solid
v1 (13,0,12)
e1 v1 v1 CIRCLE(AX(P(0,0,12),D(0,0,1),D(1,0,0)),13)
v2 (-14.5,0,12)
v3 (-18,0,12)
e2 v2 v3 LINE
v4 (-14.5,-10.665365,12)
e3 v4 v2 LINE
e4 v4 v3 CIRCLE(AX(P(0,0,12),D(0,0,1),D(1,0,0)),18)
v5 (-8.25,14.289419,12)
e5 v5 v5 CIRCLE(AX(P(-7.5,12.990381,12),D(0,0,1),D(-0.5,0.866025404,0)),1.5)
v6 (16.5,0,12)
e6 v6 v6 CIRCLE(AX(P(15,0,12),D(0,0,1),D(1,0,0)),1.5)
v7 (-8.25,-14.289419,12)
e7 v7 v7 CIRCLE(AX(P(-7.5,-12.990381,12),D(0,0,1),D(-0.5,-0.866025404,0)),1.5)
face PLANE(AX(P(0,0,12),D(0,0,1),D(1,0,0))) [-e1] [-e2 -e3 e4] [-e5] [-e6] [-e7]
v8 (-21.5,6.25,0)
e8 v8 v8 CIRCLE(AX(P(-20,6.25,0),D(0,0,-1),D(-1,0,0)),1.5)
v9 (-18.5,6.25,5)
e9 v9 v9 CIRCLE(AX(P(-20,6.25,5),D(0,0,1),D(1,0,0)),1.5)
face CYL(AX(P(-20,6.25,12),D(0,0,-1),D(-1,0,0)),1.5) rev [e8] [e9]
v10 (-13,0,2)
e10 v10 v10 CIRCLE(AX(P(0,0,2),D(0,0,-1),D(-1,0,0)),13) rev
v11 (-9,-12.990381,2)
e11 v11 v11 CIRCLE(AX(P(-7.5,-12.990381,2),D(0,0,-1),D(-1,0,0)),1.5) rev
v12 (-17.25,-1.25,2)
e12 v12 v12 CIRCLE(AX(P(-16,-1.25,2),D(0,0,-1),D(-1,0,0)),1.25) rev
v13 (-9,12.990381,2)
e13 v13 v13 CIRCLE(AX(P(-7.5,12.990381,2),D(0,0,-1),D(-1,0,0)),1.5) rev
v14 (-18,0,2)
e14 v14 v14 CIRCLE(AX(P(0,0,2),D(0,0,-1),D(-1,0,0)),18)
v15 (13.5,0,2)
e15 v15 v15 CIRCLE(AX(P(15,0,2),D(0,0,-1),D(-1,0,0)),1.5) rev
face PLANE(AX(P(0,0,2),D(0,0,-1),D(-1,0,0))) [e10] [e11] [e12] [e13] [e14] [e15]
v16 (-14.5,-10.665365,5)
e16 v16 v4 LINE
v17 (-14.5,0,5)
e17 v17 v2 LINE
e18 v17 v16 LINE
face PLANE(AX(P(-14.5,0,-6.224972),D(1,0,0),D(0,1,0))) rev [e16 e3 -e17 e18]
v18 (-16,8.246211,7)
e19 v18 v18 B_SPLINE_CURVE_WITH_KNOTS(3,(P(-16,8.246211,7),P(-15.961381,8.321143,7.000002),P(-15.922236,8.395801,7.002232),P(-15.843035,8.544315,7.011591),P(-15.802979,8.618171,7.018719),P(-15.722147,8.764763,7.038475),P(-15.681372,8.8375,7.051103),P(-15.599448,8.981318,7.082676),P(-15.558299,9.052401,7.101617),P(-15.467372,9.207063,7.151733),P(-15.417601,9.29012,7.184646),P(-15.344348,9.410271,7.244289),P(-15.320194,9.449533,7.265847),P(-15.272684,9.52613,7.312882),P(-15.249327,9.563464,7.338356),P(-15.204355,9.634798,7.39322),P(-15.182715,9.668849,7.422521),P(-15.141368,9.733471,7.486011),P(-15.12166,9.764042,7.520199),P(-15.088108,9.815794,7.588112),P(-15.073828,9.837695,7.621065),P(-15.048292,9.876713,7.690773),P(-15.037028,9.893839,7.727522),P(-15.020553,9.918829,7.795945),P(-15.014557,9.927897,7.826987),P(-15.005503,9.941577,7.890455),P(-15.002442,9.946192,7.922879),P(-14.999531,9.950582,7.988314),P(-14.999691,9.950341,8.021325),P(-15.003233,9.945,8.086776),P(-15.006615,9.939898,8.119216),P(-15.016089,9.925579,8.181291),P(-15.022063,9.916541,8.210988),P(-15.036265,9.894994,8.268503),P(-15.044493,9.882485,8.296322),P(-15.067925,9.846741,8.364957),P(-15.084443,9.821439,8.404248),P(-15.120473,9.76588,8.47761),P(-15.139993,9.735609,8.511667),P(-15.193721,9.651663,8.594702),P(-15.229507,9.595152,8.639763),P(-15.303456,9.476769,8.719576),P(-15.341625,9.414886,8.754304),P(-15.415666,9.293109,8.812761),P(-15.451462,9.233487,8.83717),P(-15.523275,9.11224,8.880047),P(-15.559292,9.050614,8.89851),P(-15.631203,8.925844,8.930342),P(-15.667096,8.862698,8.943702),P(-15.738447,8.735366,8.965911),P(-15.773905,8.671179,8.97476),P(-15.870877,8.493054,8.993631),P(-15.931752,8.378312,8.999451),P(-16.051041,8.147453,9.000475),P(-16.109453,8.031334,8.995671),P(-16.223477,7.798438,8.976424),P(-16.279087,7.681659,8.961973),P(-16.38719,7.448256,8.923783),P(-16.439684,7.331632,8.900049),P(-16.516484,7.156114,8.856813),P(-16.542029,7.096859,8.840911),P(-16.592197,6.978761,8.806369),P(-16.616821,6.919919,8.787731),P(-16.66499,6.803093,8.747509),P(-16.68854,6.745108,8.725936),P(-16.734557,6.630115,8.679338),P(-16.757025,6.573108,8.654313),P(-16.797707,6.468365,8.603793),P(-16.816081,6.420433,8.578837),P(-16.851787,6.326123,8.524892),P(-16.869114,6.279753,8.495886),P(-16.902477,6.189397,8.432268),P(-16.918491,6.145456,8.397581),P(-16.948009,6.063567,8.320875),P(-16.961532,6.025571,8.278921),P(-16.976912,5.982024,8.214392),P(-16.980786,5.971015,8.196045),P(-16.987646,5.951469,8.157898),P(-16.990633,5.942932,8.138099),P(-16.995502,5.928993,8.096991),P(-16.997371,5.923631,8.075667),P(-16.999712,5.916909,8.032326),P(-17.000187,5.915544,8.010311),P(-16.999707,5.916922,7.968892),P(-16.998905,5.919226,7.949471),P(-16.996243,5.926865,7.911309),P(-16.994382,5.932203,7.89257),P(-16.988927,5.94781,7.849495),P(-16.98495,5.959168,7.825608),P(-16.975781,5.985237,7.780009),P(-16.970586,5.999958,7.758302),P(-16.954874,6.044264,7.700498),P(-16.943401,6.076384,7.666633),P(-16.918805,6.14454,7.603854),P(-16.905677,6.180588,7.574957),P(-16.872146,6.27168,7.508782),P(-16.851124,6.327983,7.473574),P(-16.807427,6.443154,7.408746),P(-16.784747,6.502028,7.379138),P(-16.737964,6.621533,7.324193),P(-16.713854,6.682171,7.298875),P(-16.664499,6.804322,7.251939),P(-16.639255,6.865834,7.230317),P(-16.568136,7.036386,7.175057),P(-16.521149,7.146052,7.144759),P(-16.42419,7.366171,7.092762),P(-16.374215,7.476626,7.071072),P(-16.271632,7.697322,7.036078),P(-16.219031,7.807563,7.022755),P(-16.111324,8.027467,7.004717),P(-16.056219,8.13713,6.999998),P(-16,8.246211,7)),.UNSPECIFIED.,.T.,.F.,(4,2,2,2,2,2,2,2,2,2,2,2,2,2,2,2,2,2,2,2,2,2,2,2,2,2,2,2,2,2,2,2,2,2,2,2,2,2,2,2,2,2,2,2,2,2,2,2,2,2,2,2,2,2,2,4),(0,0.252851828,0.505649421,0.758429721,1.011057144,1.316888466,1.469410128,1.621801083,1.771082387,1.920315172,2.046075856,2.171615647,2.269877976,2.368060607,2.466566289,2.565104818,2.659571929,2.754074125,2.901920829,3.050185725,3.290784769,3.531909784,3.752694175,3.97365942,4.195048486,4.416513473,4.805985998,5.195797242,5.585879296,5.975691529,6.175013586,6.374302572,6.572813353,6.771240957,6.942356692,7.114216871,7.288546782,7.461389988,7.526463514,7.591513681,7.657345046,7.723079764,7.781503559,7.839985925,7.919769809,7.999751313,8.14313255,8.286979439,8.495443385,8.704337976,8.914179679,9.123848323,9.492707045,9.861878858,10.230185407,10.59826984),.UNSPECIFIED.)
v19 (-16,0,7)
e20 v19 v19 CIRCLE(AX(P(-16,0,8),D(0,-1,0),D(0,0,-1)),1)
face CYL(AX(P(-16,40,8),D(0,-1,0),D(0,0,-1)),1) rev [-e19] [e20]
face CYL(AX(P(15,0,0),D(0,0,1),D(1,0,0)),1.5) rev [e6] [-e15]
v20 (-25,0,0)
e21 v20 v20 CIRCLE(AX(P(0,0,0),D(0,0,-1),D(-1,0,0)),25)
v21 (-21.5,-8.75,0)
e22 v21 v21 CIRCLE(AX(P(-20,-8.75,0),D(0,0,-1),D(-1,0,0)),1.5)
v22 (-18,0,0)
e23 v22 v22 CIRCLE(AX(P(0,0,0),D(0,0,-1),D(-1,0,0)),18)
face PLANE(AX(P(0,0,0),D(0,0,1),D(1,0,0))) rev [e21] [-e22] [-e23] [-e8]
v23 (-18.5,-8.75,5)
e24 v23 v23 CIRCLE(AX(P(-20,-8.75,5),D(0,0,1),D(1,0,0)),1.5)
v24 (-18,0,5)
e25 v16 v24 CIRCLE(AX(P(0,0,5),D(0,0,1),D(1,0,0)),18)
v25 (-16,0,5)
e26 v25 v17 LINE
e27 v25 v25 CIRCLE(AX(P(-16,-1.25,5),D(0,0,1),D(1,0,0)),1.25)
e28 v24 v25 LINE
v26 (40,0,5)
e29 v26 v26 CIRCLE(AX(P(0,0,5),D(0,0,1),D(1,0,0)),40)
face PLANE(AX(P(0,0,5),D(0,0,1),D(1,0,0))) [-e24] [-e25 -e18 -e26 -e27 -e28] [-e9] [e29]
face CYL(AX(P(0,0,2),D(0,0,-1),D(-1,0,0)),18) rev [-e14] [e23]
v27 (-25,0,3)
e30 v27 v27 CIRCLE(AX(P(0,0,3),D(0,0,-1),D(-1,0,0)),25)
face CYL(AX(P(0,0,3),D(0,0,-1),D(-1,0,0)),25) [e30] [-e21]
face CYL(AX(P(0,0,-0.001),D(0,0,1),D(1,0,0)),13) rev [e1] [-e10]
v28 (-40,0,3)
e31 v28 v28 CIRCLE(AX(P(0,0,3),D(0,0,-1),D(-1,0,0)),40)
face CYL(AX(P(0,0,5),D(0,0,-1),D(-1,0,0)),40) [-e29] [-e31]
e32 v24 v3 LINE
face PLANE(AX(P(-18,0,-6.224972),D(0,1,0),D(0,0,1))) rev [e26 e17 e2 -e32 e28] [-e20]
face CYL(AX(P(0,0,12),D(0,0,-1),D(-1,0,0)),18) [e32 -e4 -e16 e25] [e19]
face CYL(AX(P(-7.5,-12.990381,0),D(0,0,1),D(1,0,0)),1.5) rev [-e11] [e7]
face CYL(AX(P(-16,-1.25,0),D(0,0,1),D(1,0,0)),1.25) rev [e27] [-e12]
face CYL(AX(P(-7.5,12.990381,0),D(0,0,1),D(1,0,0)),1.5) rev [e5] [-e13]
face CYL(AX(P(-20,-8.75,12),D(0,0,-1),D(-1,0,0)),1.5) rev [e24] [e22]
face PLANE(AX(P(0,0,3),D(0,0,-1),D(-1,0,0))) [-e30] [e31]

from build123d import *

# Parameters (mm, degrees)
SKETCH1_R           = 40
BOSS_EXTRUDE1_DEPTH = 5
SKETCH2_R           = 18
BOSS_EXTRUDE2_DEPTH = 7
CUT_EXTRUDE1_REACH  = 59.827
SKETCH3_R           = 13
SKETCH5_W           = 3.5
SKETCH5_H           = 10.665364504
CUT_EXTRUDE3_DEPTH  = 7
SKETCH6_R           = 1.25
CUT_EXTRUDE4_DEPTH  = 58
SKETCH8_R           = 1.5
CUT_EXTRUDE5_DEPTH  = 58.827329179
CIRPATTERN1_COUNT   = 3
SKETCH10_R          = 1.5
CUT_EXTRUDE6_DEPTH  = 58.827329179
SKETCH11_OUTSIDE_W  = 104.754
SKETCH11_OUTSIDE_H  = 104.754
SKETCH11_OUTSIDE_R  = 25
CUT_EXTRUDE8_DEPTH  = 3
SKETCH12_R          = 18
CUT_EXTRUDE9_DEPTH  = 2
SKETCH13_R          = 1
CUT_EXTRUDE10_DEPTH = 58.827329179


with BuildPart() as part:
    # Sketch1 → Boss-Extrude1 (new body)
    with BuildSketch(Plane.XY):
        Circle(SKETCH1_R)
    extrude(amount=BOSS_EXTRUDE1_DEPTH)

    # Sketch2 → Boss-Extrude2 (add)
    with BuildSketch(Plane.XY.offset(5)):
        Circle(SKETCH2_R)
    extrude(amount=BOSS_EXTRUDE2_DEPTH)

    # Sketch3 → Cut-Extrude1 (cut, up to next)
    with BuildSketch(Plane.XY.offset(12), mode=Mode.PRIVATE) as cut_extrude1_sk1:
        Circle(SKETCH3_R)
    cut_extrude1_tool1 = extrude(cut_extrude1_sk1.sketch, amount=-CUT_EXTRUDE1_REACH, mode=Mode.PRIVATE) & part.part
    add(cut_extrude1_tool1.solids().sort_by_distance((0, 0, 12))[0], mode=Mode.SUBTRACT)

    # Sketch5 → Cut-Extrude3 (cut)
    with BuildSketch(Plane.XY.offset(12)):
        with Locations((-16.25, -5.332682252)):
            Rectangle(SKETCH5_W, SKETCH5_H)
    extrude(amount=-CUT_EXTRUDE3_DEPTH, mode=Mode.SUBTRACT)

    # Sketch6 → Cut-Extrude4 (cut, through all)
    with BuildSketch(Plane.XY.offset(5)):
        with Locations((-16, -1.25)):
            Circle(SKETCH6_R)
    extrude(amount=-CUT_EXTRUDE4_DEPTH, mode=Mode.SUBTRACT)

    # Sketch8 → Cut-Extrude5 (cut, through all)
    with BuildSketch(Plane.XY.offset(12)):
        with Locations((15, 0)):
            Circle(SKETCH8_R)
    cut_extrude5 = extrude(amount=-CUT_EXTRUDE5_DEPTH, mode=Mode.SUBTRACT)

    # CirPattern1: Cut-Extrude5 ×3 about axis
    cirpattern1_axis = Axis((0, 0, 0), (0, 0, 1))
    for i in range(1, CIRPATTERN1_COUNT):
        add(cut_extrude5.rotate(cirpattern1_axis, i * 360 / CIRPATTERN1_COUNT), mode=Mode.SUBTRACT)

    # Sketch10 → Cut-Extrude6 (cut, through all)
    with BuildSketch(Plane(origin=(0, 0, 0), x_dir=(-1, 0, 0), z_dir=(0, 0, -1))):
        with Locations((20, 6.25)):
            Circle(SKETCH10_R)
        with Locations((20, -8.75)):
            Circle(SKETCH10_R)
    extrude(amount=-CUT_EXTRUDE6_DEPTH, mode=Mode.SUBTRACT)

    # Sketch11 outside → Cut-Extrude8 (cut)
    with BuildSketch(Plane(origin=(0, 0, 0), x_dir=(-1, 0, 0), z_dir=(0, 0, -1))):
        Rectangle(SKETCH11_OUTSIDE_W, SKETCH11_OUTSIDE_H)
        Circle(SKETCH11_OUTSIDE_R, mode=Mode.SUBTRACT)
    extrude(amount=-CUT_EXTRUDE8_DEPTH, mode=Mode.SUBTRACT)

    # Sketch12 → Cut-Extrude9 (cut)
    with BuildSketch(Plane(origin=(0, 0, 0), x_dir=(-1, 0, 0), z_dir=(0, 0, -1))):
        Circle(SKETCH12_R)
    extrude(amount=-CUT_EXTRUDE9_DEPTH, mode=Mode.SUBTRACT)

    # Sketch13 → Cut-Extrude10 (cut, through all)
    with BuildSketch(Plane.XZ):
        with Locations(Location((-16, 8, 0), (0, 0, 270))):
            Circle(SKETCH13_R)
    extrude(amount=-CUT_EXTRUDE10_DEPTH, mode=Mode.SUBTRACT)


solid = part.part
